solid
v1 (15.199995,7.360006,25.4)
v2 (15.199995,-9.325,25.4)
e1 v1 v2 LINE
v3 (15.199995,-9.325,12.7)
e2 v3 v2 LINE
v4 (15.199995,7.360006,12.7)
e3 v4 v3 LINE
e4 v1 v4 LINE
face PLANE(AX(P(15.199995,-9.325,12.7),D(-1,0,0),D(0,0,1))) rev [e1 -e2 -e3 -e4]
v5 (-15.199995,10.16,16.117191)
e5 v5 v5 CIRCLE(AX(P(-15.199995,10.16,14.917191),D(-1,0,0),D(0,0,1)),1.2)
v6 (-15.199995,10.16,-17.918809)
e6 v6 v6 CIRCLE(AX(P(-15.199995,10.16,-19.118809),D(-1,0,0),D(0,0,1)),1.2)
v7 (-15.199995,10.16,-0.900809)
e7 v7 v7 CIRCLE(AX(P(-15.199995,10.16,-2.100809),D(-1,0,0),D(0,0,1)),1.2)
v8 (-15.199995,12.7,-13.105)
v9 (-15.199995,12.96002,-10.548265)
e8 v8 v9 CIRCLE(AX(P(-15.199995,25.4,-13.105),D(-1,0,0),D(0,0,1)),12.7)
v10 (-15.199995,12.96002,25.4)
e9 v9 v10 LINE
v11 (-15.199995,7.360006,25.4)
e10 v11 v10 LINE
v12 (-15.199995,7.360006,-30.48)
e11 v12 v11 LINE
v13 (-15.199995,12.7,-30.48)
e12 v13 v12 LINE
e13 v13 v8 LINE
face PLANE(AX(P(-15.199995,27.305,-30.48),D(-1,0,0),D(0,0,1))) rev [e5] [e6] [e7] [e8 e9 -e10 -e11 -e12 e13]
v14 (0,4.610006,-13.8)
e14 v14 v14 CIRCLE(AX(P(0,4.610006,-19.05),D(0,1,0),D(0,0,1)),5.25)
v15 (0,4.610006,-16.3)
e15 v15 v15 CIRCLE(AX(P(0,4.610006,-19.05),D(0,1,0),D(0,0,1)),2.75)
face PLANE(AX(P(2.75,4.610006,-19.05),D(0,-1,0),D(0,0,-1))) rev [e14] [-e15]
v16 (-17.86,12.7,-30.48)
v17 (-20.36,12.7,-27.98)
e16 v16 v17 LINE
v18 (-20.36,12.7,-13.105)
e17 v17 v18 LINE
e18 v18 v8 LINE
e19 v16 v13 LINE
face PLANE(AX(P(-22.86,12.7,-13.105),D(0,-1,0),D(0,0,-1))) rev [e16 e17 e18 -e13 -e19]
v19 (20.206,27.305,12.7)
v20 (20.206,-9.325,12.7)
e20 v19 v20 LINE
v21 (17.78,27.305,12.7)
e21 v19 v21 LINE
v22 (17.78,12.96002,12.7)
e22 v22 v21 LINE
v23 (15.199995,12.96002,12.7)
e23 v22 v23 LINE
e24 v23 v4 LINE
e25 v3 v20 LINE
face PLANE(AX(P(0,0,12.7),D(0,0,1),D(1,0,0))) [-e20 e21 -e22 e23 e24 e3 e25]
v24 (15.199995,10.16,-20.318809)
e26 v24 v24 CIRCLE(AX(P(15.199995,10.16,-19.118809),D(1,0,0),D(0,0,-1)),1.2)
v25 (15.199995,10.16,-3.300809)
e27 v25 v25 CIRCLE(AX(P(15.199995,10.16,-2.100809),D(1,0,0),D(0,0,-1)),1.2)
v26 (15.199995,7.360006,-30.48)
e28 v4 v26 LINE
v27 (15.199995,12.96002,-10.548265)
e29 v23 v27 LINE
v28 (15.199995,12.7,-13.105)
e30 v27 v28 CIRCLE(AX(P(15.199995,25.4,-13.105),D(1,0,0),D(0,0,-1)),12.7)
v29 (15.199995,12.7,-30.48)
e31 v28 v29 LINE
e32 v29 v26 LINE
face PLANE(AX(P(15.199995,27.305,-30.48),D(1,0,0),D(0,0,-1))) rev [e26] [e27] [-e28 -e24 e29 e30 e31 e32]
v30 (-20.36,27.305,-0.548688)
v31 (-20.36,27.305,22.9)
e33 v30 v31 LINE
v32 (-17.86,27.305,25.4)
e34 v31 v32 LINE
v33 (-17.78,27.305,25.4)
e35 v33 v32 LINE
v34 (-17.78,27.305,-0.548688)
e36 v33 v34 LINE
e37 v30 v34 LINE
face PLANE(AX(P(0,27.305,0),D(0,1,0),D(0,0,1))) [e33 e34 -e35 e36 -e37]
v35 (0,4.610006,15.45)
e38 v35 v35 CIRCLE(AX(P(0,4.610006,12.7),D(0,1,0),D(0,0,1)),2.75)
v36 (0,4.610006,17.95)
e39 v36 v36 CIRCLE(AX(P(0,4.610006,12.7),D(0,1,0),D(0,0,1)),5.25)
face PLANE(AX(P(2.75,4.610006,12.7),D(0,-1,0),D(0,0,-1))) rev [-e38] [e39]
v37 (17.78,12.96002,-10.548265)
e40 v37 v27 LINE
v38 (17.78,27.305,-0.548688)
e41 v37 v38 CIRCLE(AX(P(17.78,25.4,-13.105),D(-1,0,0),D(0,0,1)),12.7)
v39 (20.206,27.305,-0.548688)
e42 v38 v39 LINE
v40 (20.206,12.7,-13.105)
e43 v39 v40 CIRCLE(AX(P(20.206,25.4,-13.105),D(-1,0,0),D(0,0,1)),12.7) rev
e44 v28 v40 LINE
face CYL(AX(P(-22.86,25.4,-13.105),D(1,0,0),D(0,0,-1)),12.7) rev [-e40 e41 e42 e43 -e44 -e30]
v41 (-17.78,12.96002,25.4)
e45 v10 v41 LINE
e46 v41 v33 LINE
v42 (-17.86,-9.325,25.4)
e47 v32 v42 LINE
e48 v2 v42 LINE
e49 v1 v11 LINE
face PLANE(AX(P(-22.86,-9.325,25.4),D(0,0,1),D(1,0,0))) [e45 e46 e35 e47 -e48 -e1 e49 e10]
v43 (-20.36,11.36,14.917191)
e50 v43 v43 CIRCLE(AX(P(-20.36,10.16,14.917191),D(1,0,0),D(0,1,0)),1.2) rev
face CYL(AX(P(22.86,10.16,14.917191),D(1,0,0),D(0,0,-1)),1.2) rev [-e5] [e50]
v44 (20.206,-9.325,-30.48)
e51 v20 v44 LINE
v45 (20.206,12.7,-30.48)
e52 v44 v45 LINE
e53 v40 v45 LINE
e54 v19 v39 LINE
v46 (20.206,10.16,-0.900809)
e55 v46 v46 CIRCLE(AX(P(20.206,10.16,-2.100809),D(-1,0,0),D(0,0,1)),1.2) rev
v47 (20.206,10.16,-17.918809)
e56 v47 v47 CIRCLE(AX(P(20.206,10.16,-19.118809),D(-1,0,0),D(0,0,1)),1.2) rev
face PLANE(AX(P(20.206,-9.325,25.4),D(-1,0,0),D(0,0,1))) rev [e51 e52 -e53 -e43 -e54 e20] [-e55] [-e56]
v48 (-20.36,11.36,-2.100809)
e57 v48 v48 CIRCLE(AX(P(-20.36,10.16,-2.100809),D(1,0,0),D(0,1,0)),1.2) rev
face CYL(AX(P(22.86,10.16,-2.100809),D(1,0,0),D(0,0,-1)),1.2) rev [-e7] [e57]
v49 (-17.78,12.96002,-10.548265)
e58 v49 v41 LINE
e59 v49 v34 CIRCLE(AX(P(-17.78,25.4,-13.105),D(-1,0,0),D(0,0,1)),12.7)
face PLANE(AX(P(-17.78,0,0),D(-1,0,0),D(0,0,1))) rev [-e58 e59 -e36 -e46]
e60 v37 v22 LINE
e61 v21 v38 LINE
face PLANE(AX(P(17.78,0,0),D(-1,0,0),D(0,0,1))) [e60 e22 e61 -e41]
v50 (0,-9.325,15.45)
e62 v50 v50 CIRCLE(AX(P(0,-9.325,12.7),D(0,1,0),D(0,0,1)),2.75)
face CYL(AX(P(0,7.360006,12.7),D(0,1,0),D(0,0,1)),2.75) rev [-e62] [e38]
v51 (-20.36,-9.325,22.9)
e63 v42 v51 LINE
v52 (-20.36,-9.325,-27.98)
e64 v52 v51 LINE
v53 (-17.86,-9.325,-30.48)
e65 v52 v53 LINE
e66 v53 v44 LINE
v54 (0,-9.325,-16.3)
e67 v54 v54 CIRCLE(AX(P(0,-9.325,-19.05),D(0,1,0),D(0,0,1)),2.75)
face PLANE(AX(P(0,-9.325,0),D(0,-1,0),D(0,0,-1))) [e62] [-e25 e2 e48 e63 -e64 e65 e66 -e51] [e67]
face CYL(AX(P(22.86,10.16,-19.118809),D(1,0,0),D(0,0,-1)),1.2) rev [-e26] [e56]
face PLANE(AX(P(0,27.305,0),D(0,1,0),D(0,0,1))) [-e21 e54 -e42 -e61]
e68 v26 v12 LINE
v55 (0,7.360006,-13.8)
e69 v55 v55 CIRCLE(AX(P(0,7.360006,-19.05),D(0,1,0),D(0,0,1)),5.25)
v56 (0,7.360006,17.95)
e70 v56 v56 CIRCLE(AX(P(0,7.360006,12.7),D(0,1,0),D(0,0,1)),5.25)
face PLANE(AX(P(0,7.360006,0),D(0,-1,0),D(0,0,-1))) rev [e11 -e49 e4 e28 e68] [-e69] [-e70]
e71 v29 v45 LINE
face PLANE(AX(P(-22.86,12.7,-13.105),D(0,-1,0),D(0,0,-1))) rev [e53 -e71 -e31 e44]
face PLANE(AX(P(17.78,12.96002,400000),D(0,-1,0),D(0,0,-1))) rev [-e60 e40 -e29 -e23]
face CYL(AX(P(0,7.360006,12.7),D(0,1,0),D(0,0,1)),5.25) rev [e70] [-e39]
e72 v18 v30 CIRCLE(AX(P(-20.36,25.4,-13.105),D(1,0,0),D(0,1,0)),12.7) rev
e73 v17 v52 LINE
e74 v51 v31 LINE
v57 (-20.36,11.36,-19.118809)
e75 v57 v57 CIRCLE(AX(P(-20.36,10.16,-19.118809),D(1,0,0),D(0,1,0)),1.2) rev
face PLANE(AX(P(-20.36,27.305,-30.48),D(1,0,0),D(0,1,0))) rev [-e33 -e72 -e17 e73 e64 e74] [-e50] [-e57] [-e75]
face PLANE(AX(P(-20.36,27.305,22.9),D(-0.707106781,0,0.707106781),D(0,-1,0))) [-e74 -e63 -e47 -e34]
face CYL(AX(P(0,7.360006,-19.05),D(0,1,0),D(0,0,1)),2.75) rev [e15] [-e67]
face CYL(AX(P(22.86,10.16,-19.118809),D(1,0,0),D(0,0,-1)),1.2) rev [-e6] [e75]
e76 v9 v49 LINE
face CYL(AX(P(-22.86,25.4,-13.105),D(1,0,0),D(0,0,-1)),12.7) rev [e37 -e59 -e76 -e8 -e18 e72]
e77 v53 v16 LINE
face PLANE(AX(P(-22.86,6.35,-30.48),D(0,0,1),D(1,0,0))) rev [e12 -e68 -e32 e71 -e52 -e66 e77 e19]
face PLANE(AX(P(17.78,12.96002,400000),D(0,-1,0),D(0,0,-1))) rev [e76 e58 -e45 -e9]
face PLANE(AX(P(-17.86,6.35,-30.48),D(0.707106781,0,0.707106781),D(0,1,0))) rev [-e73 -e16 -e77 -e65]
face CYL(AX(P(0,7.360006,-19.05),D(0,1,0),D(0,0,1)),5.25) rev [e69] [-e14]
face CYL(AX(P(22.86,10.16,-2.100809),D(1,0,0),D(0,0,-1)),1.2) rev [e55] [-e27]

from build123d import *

# Parameters (mm, degrees)
SKETCH1_W                       = 45.72
SKETCH1_H                       = 60.96
BOSS_EXTRUDE1_DEPTH             = 6.35
SKETCH2_W                       = 7.6600046
SKETCH2_H                       = 60.96
BOSS_EXTRUDE2_DEPTH             = 20.955
LPATTERN1_COUNT                 = 3
LPATTERN1_PITCH                 = 17.018
SKETCH1_3_W                     = 45.72
SKETCH1_3_H                     = 60.96
BOSS_EXTRUDE3_DEPTH             = 2.54
CUT_EXTRUDE1_START              = 15.199995
SKETCH11_W                      = 60.96
SKETCH11_H                      = 14.3449802
CUT_EXTRUDE1_DEPTH              = 17.78
CUT_EXTRUDE2_DEPTH              = 62.358877312
SKETCH17_W                      = 45.72
SKETCH17_H                      = 60.96
BOSS_EXTRUDE4_DEPTH             = 6.785
SKETCH19_W                      = 30.3999908
SKETCH19_H                      = 60.96
BOSS_EXTRUDE5_DEPTH             = 1.0100056
CBORE_FOR_M5_SBHCS2_D           = 5.5
CBORE_FOR_M5_SBHCS2_CBORE_D     = 10.5
CBORE_FOR_M5_SBHCS2_CBORE_DEPTH = 2.75
CUT_EXTRUDE3_DEPTH              = 82.222264916
CUT_EXTRUDE3_DEPTH_BACK         = 82.222264916
SKETCH24_W                      = 5.08
SKETCH24_H                      = 45.72
SKETCH25_W                      = 7.6600046
SKETCH25_H                      = 36.63
CUT_EXTRUDE4_DEPTH              = 12.7
SKETCH26_W                      = 2.400000026
SKETCH26_H                      = 36.63
CUT_EXTRUDE5_DEPTH              = 67.262485805
SKETCH27_W                      = 2.5
SKETCH27_H                      = 36.63
CUT_EXTRUDE6_DEPTH              = 67.262485805
CHAMFER1_SIZE                   = 2.5
SKETCH28_W                      = 0.254
SKETCH28_H                      = 36.63
CUT_EXTRUDE7_DEPTH              = 66.473269538


with BuildPart() as part:
    # Sketch1 → Boss-Extrude1 (new body)
    with BuildSketch(Plane(origin=(0, 0, 0), x_dir=(1, 0, 0), z_dir=(0, 1, 0))):
        Rectangle(SKETCH1_W, SKETCH1_H)
    extrude(amount=BOSS_EXTRUDE1_DEPTH)

    # Sketch2 → Boss-Extrude2 (add)
    with BuildSketch(Plane(origin=(0, 6.35, 0), x_dir=(1, 0, 0), z_dir=(0, 1, 0))):
        with Locations((-19.0299977, 0)):
            Rectangle(SKETCH2_W, SKETCH2_H)
        with Locations((19.0299977, 0)):
            Rectangle(SKETCH2_W, SKETCH2_H)
    extrude(amount=BOSS_EXTRUDE2_DEPTH)

    # Sketch7 → M2 Clearance Hole2 (revolve, cut)
    with BuildSketch(Plane(origin=(22.86, 10.16, 14.9171914), x_dir=(0, 0, -1), z_dir=(0, 1, 0))):
        Polygon((0, 0), (0, 46.441032743), (1.2, 45.72), (1.2, 0), align=None)
    m2_clearance_hole2 = revolve(axis=Axis((29.21, 10.16, 14.9171914), (-1, 0, 0)), mode=Mode.SUBTRACT)

    # LPattern1: M2 Clearance Hole2 ×3
    with Locations(*[(0, 0, -i * LPATTERN1_PITCH) for i in range(1, LPATTERN1_COUNT)]):
        add(m2_clearance_hole2, mode=Mode.SUBTRACT)

    # Sketch1<3> → Boss-Extrude3 (add)
    with BuildSketch(Plane(origin=(0, 0, 0), x_dir=(1, 0, 0), z_dir=(0, 1, 0))):
        Rectangle(SKETCH1_3_W, SKETCH1_3_H)
    extrude(amount=-BOSS_EXTRUDE3_DEPTH)

    # Sketch11 → Cut-Extrude1 (cut, symmetric)
    with BuildSketch(Plane.ZY.offset(-15.1999954).offset(CUT_EXTRUDE1_START)):
        with Locations((0, 20.1325099)):
            Rectangle(SKETCH11_W, SKETCH11_H)
    extrude(amount=CUT_EXTRUDE1_DEPTH, both=True, mode=Mode.SUBTRACT)

    # Sketch12 → Cut-Extrude2 (cut, through all)
    with BuildSketch(Plane(origin=(22.86, 0, 0), x_dir=(0, 0, -1), z_dir=(1, 0, 0))):
        with BuildLine():
            Line((13.105000048, 12.7), (30.48, 12.7))
            Line((30.48, 12.7), (30.48, 27.305))
            Line((30.48, 27.305), (25.661312206, 27.305))
            ThreePointArc((25.661312206, 27.305), (3.474748234, 33.679387055), (13.105000048, 12.7))
        make_face()
    extrude(amount=-CUT_EXTRUDE2_DEPTH, mode=Mode.SUBTRACT)

    # Sketch17 → Boss-Extrude4 (add)
    with BuildSketch(Plane.XZ.offset(2.54)):
        Rectangle(SKETCH17_W, SKETCH17_H)
    extrude(amount=BOSS_EXTRUDE4_DEPTH)

    # Sketch19 → Boss-Extrude5 (add)
    with BuildSketch(Plane(origin=(0, 6.35, 0), x_dir=(1, 0, 0), z_dir=(0, 1, 0))):
        Rectangle(SKETCH19_W, SKETCH19_H)
    extrude(amount=BOSS_EXTRUDE5_DEPTH)

    # CBORE for M5 SBHCS2 (through all)
    with Locations(Plane(origin=(0, 7.3600056, 0), x_dir=(1, 0, 0), z_dir=(0, 1, 0))):
        with Locations((0, -12.7), (0, 19.05)):
            CounterBoreHole(CBORE_FOR_M5_SBHCS2_D / 2, CBORE_FOR_M5_SBHCS2_CBORE_D / 2, CBORE_FOR_M5_SBHCS2_CBORE_DEPTH)

    # Sketch24 → Cut-Extrude3 (cut, two sides: drawn at the far end of the back side and taken through both)
    with BuildSketch(Plane(origin=(31.571183672, -12.7, -14.6188086), x_dir=(0, 0, -1), z_dir=(0, 1, 0)).offset(-CUT_EXTRUDE3_DEPTH_BACK)):
        with Locations((-42.5588086, 31.571183672)):
            Rectangle(SKETCH24_W, SKETCH24_H)
    extrude(amount=CUT_EXTRUDE3_DEPTH + CUT_EXTRUDE3_DEPTH_BACK, mode=Mode.SUBTRACT)

    # Sketch25 → Cut-Extrude4 (cut)
    with BuildSketch(Plane.XY.offset(25.4)):
        with Locations((19.0299977, 8.99)):
            Rectangle(SKETCH25_W, SKETCH25_H)
    extrude(amount=-CUT_EXTRUDE4_DEPTH, mode=Mode.SUBTRACT)

    # Sketch26 → Cut-Extrude5 (cut, through all)
    with BuildSketch(Plane.XY.offset(25.4)):
        with Locations((21.659999987, 8.99)):
            Rectangle(SKETCH26_W, SKETCH26_H)
    extrude(amount=-CUT_EXTRUDE5_DEPTH, mode=Mode.SUBTRACT)

    # Sketch27 → Cut-Extrude6 (cut, through all)
    with BuildSketch(Plane.XY.offset(25.4)):
        with Locations((-21.61, 8.99)):
            Rectangle(SKETCH27_W, SKETCH27_H)
    extrude(amount=-CUT_EXTRUDE6_DEPTH, mode=Mode.SUBTRACT)

    # Chamfer1
    chamfer1_edges = [part.edges().sort_by_distance(p)[0] for p in [
        (-20.36, 1.6875, -30.48),
        (-20.36, 8.99, 25.4),
    ]]
    chamfer(chamfer1_edges, length=CHAMFER1_SIZE)

    # Sketch28 → Cut-Extrude7 (cut, through all)
    with BuildSketch(Plane(origin=(0, 0, -30.48), x_dir=(-1, 0, 0), z_dir=(0, 0, -1))):
        with Locations((-20.332999974, 8.99)):
            Rectangle(SKETCH28_W, SKETCH28_H)
    extrude(amount=-CUT_EXTRUDE7_DEPTH, mode=Mode.SUBTRACT)


solid = part.part
